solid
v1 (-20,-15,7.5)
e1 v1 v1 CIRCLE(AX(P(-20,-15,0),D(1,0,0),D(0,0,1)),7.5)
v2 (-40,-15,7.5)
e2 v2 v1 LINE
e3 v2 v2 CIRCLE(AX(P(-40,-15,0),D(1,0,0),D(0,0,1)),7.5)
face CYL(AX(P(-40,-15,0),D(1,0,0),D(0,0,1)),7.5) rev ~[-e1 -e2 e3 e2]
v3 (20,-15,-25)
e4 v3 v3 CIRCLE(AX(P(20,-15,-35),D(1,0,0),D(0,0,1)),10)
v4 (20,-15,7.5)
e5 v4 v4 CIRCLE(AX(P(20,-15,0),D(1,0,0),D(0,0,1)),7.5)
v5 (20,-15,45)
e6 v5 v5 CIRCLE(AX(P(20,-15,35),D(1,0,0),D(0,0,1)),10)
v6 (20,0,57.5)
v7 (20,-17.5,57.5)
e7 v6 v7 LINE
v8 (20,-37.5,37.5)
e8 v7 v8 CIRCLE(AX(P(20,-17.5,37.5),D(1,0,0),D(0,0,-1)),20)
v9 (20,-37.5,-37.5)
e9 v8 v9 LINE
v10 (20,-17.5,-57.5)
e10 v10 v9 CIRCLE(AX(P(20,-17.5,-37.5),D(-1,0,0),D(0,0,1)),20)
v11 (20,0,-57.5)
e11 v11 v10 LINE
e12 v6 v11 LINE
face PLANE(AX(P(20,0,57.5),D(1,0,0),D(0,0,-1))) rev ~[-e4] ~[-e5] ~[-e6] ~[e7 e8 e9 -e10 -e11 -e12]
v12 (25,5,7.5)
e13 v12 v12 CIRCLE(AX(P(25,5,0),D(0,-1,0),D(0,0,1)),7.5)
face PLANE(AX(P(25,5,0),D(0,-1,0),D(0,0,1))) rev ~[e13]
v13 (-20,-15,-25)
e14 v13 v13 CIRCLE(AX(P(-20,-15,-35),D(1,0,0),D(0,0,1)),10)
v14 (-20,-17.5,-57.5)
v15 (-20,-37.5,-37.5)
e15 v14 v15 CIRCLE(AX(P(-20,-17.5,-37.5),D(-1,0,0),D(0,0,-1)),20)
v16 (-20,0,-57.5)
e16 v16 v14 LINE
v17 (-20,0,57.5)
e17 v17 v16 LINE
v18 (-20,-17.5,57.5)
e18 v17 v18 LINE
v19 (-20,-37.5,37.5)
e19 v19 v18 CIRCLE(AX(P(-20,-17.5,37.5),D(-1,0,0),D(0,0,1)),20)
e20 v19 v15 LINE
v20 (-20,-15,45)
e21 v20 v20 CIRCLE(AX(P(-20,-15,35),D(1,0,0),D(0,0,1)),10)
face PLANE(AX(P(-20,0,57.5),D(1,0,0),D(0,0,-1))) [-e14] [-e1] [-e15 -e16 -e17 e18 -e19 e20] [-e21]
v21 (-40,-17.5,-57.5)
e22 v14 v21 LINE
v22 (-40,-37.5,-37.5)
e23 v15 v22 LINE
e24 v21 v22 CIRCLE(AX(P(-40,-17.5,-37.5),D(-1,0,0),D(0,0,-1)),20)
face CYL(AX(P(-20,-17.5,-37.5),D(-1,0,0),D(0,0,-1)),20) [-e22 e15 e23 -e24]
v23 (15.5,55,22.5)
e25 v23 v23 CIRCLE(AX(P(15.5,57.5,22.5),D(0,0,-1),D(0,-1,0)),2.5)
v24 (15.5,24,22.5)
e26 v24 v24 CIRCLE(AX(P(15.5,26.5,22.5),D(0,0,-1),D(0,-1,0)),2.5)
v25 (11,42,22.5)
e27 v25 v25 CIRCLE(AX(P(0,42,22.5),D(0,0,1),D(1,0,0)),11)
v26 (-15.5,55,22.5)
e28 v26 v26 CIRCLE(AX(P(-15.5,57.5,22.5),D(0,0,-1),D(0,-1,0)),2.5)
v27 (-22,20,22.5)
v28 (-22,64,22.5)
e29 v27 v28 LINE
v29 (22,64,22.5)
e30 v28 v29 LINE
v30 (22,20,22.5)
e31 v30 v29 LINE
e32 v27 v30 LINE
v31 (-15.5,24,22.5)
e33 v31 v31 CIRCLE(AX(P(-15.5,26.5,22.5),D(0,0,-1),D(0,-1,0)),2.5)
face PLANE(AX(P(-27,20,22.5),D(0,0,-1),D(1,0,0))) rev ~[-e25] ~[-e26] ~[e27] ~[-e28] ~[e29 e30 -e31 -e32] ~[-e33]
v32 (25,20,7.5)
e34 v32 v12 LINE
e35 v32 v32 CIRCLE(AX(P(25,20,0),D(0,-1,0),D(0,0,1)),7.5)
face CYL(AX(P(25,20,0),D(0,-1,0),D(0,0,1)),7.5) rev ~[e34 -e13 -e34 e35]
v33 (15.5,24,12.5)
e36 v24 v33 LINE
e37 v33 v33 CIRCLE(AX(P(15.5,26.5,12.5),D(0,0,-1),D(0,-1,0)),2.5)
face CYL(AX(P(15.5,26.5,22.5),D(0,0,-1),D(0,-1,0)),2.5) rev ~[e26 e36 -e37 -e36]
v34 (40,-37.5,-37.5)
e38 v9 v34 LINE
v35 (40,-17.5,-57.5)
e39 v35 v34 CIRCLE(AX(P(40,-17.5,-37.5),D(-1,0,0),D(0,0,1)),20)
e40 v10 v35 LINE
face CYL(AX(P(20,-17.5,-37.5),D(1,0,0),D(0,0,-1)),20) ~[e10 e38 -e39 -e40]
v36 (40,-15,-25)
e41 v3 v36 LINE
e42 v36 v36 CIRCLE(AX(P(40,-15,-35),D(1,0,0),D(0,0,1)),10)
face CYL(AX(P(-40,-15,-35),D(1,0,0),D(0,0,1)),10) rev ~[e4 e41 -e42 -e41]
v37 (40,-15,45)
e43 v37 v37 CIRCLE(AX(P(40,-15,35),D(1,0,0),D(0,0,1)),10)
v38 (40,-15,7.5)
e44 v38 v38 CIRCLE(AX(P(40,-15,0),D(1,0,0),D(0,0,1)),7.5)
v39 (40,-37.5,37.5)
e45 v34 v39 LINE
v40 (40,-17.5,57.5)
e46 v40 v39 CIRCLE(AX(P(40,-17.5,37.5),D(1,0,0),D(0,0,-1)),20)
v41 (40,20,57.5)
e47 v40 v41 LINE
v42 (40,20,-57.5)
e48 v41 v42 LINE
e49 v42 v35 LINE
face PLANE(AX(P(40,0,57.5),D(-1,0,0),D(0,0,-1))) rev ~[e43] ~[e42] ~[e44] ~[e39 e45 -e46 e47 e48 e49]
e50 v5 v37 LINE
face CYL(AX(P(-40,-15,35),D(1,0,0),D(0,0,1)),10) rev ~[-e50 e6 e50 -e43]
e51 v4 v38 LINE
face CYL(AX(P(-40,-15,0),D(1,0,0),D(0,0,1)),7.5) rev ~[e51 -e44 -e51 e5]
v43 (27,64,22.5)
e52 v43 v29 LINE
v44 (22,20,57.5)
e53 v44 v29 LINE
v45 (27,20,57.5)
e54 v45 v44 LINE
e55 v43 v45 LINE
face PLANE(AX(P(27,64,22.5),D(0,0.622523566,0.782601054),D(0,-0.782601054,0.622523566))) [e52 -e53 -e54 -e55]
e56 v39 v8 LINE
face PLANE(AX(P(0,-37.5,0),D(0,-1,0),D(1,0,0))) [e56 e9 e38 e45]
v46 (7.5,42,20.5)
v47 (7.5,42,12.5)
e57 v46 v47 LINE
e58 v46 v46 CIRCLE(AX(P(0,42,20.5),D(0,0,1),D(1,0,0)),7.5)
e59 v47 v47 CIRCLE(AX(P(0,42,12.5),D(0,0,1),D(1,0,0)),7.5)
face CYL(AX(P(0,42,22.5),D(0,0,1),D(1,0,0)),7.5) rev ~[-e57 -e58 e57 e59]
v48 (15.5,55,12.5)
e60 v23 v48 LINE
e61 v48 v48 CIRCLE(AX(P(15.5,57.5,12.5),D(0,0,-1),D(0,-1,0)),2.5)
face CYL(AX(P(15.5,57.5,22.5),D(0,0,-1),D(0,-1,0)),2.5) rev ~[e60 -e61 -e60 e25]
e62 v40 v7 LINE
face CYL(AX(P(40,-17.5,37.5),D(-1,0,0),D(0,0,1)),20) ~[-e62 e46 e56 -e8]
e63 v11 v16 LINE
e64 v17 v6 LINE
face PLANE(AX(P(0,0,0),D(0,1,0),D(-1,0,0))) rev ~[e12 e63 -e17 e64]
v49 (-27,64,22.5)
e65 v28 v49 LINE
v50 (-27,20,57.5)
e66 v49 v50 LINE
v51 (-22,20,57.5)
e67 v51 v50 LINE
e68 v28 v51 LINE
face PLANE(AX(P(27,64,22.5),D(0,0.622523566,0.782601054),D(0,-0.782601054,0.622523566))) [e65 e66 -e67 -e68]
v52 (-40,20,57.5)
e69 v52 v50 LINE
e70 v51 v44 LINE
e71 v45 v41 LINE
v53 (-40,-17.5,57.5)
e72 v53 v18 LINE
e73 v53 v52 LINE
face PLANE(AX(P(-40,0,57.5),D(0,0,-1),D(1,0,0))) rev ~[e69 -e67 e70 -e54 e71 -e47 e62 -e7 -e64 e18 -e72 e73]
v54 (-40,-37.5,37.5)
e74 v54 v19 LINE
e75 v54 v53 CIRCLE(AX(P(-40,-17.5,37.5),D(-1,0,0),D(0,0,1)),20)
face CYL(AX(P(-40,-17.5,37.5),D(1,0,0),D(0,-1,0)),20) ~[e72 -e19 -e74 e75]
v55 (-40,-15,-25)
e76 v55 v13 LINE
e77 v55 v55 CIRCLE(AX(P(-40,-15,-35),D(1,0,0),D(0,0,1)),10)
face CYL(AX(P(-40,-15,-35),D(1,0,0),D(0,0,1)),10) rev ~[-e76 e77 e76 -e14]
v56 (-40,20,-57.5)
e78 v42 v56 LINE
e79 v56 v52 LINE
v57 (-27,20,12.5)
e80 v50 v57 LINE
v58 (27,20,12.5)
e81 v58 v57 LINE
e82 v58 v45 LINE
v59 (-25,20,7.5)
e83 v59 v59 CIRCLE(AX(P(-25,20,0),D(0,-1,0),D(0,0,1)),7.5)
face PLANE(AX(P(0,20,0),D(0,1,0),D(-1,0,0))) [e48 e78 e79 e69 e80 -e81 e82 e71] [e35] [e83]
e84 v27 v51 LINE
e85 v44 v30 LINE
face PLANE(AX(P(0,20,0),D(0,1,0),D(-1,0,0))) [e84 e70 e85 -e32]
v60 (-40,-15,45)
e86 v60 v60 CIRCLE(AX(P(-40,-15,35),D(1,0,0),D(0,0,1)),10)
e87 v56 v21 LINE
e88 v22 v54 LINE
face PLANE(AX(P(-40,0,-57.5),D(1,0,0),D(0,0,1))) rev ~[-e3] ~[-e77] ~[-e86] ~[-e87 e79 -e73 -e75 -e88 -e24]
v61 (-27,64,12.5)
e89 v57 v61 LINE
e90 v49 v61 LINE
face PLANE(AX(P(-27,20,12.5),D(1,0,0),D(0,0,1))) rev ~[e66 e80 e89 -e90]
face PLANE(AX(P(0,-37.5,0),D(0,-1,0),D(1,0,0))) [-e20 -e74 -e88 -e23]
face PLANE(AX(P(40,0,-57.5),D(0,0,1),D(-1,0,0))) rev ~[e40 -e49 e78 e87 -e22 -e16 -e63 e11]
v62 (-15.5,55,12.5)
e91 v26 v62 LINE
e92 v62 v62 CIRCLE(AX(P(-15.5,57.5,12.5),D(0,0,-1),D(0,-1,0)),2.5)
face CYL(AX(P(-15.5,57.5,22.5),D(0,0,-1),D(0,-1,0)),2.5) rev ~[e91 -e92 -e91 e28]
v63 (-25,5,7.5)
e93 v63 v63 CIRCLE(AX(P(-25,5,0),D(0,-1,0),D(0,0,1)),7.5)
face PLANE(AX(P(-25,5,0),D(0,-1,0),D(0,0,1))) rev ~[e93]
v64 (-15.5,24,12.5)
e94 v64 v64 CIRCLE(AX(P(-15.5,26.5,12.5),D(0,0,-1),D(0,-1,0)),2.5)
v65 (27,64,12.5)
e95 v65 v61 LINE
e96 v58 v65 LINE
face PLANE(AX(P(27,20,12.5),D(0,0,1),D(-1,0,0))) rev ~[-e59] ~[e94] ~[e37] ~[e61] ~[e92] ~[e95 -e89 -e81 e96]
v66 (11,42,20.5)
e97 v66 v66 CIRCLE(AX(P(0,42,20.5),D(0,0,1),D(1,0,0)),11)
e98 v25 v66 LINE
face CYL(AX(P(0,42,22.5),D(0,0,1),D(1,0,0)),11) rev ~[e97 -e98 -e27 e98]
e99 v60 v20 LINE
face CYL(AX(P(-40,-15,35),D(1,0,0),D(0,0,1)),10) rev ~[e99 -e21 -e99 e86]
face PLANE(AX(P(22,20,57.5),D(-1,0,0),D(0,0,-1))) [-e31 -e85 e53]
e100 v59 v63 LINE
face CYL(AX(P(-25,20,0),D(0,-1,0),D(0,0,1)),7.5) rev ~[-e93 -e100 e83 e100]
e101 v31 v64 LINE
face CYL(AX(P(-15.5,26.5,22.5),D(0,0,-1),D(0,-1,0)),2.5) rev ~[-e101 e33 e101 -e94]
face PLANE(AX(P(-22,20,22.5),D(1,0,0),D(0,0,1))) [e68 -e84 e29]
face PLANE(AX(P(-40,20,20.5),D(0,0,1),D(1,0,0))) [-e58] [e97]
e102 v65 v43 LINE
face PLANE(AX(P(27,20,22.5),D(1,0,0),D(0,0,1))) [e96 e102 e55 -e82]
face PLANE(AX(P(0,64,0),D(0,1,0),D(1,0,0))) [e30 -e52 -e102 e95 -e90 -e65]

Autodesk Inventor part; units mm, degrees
ref_plane "YZ Plane" through (0, 0, 0) normal (1, 0, 0) x (0, 1, 0)
ref_plane "XZ Plane" through (0, 0, 0) normal (0, 1, 0) x (-1, 0, 0)
ref_plane "XY Plane" through (0, 0, 0) normal (0, 0, 1) x (1, 0, 0)
sketch "Sketch1" plane through (0, 0, 0) normal (0, 1, 0) x (-1, 0, 0)
  line L0 (40, 57.5) -> (-40, 57.5)
  line L1 (-40, 57.5) -> (-40, -57.5)
  line L2 (-40, -57.5) -> (40, -57.5)
  line L3 (40, -57.5) -> (40, 57.5)
  point P0 (0, 0)
  point P1 (40, 0)
  point P2 (0, 57.5)
  dimension "d0" = 115
  dimension "d1" = 80
extrude "Extrusion1" add sketch "Sketch1" along normal blind 20
sketch "Sketch12" plane through (0, 0, 0) normal (0, -1, 0) x (1, 0, 0)
  line L0 (-40, 57.5) -> (-20, 57.5)
  line L1 (-20, 57.5) -> (-20, -57.5)
  line L2 (-20, -57.5) -> (-40, -57.5)
  line L3 (-40, -57.5) -> (-40, 57.5)
  line L4 (-40, -57.5) -> (-40, 57.5) projected
  line L5 (0, 100.8809) -> (0, -116.5773) construction
  line L6 (40, 57.5) -> (20, 57.5)
  line L7 (20, 57.5) -> (20, -57.5)
  line L8 (20, -57.5) -> (40, -57.5)
  line L9 (40, -57.5) -> (40, 57.5)
  point P0 (0, 0)
  point P1 (-40, 0)
  point P2 (0, 0)
  point P3 (-20, 0)
  dimension "d56" = 20
  dimension "d57" = 115
extrude "Extrusion11" add sketch "Sketch12" along normal blind 37.5
sketch "Sketch13" plane through (-40, 0, 57.5) normal (-1, 0, 0) x (0, 0, 1)
  line L0 (0, 0) -> (-115, 0) projected
  point P0 (-57.5, 0)
  point P1 (-22.5, -15)
  point P2 (-92.5, -15)
  point P3 (-57.5, -15)
  point P4 (-57.5, 0)
  dimension "d129" = 35
  dimension "d130" = 35
  dimension "d131" = 15
hole "Hole2" at (-40, -15, 35) at (-40, -15, -35) direction (1, 0, 0) diameter 20 end through all
hole "Hole3" at (-40, -15, 0) direction (1, 0, 0) diameter 15 end through all
sketch "Sketch19" plane through (0, 20, 0) normal (0, 1, 0) x (1, 0, 0)
  point P0 (0, 0)
  point P1 (25, 0)
  point P2 (-25, 0)
  dimension "d111" = 25
  dimension "d112" = 25
hole "Hole6" at (25, 20, 0) at (-25, 20, 0) direction (0, -1, 0) diameter 15 depth 15
fillet "Fillet19" radius 20 4 edges at (-30, -37.5, -57.5) (30, -37.5, -57.5) (30, -37.5, 57.5) (-30, -37.5, 57.5)
sketch "Sketch20" plane through (0, 20, 0) normal (0, 1, 0) x (1, 0, 0)
  line L0 (-27, -22.5) -> (27, -22.5)
  line L1 (27, -22.5) -> (27, -12.5)
  line L2 (27, -12.5) -> (-27, -12.5)
  line L3 (-27, -12.5) -> (-27, -22.5)
  line L4 (-40, 57.5) -> (-40, -57.5) projected
  line L5 (40, -57.5) -> (40, 57.5) projected
  line L6 (-40, -57.5) -> (40, -57.5) projected
  point P0 (0, 0)
  point P1 (0, -12.5)
  dimension "d122" = 10
  dimension "d151" = 45
  dimension "d152" = 54
extrude "Extrusion15" add sketch "Sketch20" along normal blind 44
sketch "Sketch21" plane through (-40, 20, 22.5) normal (0, 0, 1) x (1, 0, 0)
  circle A0 centre (40, 22) radius 7.5
  line L0 (20, -20) -> (60, -20) projected
  line L1 (13, 44) -> (67, 44) projected
  circle A1 centre (40, 22) radius 11
  point P0 (40, -20)
  point P1 (40, -20)
  point P2 (0, -20)
  point P3 (80, -20)
  point P4 (24.5, 37.5)
  point P5 (24.5, 6.5)
  point P6 (55.5, 6.5)
  point P7 (55.5, 37.5)
  dimension "d128" = 15
  dimension "d132" = 22
  dimension "d134" = 15.5
  dimension "d135" = 15.5
  dimension "d138" = 360
  dimension "d147" = 22
extrude "Extrusion16" cut sketch "Sketch21" against normal blind 50 contours A0
hole "Hole7" at (-15.5, 57.5, 22.5) at (-15.5, 26.5, 22.5) at (15.5, 26.5, 22.5) at (15.5, 57.5, 22.5) direction (0, 0, -1) diameter 5 depth 15
extrude "Extrusion17" cut sketch "Sketch21" against normal blind 2
sketch "Sketch24" plane through (0, 20, 0) normal (0, 1, 0) x (1, 0, 0)
  line L0 (-27, -22.5) -> (-22, -22.5)
  line L1 (-22, -22.5) -> (-22, -57.5)
  line L2 (-22, -57.5) -> (-27, -57.5)
  line L3 (-27, -57.5) -> (-27, -22.5)
  line L4 (-27, -22.5) -> (-27, -12.5) projected
  line L5 (27, -22.5) -> (-27, -22.5) projected
  line L6 (-40, -57.5) -> (40, -57.5) projected
  line L7 (22, -22.5) -> (27, -22.5)
  line L8 (27, -22.5) -> (27, -57.5)
  line L9 (27, -57.5) -> (22, -57.5)
  line L10 (22, -57.5) -> (22, -22.5)
  line L11 (27, -12.5) -> (27, -22.5) projected
  point P0 (0, 0)
  dimension "d155" = 5
  dimension "d156" = 5
extrude "Extrusion18" add sketch "Sketch24" along normal blind 44 contours L0 L1 L2 L3 | L5 L8 L6 L10
sketch "Sketch25" plane through (27, 20, 57.5) normal (1, 0, 0) x (0, 0, -1)
  line L0 (35, 44) -> (0, 0)
  line L1 (0, 44) -> (35, 44)
  line L2 (0, 44) -> (0, 0)
  line L3 (45, 0) -> (45, 44) projected
  point P0 (57.5, -20)
  dimension "d161" = 10
extrude "Extrusion19" cut sketch "Sketch25" against normal blind 100
properties part number "Y_Slider_Part_mit_Schrittmotor"
